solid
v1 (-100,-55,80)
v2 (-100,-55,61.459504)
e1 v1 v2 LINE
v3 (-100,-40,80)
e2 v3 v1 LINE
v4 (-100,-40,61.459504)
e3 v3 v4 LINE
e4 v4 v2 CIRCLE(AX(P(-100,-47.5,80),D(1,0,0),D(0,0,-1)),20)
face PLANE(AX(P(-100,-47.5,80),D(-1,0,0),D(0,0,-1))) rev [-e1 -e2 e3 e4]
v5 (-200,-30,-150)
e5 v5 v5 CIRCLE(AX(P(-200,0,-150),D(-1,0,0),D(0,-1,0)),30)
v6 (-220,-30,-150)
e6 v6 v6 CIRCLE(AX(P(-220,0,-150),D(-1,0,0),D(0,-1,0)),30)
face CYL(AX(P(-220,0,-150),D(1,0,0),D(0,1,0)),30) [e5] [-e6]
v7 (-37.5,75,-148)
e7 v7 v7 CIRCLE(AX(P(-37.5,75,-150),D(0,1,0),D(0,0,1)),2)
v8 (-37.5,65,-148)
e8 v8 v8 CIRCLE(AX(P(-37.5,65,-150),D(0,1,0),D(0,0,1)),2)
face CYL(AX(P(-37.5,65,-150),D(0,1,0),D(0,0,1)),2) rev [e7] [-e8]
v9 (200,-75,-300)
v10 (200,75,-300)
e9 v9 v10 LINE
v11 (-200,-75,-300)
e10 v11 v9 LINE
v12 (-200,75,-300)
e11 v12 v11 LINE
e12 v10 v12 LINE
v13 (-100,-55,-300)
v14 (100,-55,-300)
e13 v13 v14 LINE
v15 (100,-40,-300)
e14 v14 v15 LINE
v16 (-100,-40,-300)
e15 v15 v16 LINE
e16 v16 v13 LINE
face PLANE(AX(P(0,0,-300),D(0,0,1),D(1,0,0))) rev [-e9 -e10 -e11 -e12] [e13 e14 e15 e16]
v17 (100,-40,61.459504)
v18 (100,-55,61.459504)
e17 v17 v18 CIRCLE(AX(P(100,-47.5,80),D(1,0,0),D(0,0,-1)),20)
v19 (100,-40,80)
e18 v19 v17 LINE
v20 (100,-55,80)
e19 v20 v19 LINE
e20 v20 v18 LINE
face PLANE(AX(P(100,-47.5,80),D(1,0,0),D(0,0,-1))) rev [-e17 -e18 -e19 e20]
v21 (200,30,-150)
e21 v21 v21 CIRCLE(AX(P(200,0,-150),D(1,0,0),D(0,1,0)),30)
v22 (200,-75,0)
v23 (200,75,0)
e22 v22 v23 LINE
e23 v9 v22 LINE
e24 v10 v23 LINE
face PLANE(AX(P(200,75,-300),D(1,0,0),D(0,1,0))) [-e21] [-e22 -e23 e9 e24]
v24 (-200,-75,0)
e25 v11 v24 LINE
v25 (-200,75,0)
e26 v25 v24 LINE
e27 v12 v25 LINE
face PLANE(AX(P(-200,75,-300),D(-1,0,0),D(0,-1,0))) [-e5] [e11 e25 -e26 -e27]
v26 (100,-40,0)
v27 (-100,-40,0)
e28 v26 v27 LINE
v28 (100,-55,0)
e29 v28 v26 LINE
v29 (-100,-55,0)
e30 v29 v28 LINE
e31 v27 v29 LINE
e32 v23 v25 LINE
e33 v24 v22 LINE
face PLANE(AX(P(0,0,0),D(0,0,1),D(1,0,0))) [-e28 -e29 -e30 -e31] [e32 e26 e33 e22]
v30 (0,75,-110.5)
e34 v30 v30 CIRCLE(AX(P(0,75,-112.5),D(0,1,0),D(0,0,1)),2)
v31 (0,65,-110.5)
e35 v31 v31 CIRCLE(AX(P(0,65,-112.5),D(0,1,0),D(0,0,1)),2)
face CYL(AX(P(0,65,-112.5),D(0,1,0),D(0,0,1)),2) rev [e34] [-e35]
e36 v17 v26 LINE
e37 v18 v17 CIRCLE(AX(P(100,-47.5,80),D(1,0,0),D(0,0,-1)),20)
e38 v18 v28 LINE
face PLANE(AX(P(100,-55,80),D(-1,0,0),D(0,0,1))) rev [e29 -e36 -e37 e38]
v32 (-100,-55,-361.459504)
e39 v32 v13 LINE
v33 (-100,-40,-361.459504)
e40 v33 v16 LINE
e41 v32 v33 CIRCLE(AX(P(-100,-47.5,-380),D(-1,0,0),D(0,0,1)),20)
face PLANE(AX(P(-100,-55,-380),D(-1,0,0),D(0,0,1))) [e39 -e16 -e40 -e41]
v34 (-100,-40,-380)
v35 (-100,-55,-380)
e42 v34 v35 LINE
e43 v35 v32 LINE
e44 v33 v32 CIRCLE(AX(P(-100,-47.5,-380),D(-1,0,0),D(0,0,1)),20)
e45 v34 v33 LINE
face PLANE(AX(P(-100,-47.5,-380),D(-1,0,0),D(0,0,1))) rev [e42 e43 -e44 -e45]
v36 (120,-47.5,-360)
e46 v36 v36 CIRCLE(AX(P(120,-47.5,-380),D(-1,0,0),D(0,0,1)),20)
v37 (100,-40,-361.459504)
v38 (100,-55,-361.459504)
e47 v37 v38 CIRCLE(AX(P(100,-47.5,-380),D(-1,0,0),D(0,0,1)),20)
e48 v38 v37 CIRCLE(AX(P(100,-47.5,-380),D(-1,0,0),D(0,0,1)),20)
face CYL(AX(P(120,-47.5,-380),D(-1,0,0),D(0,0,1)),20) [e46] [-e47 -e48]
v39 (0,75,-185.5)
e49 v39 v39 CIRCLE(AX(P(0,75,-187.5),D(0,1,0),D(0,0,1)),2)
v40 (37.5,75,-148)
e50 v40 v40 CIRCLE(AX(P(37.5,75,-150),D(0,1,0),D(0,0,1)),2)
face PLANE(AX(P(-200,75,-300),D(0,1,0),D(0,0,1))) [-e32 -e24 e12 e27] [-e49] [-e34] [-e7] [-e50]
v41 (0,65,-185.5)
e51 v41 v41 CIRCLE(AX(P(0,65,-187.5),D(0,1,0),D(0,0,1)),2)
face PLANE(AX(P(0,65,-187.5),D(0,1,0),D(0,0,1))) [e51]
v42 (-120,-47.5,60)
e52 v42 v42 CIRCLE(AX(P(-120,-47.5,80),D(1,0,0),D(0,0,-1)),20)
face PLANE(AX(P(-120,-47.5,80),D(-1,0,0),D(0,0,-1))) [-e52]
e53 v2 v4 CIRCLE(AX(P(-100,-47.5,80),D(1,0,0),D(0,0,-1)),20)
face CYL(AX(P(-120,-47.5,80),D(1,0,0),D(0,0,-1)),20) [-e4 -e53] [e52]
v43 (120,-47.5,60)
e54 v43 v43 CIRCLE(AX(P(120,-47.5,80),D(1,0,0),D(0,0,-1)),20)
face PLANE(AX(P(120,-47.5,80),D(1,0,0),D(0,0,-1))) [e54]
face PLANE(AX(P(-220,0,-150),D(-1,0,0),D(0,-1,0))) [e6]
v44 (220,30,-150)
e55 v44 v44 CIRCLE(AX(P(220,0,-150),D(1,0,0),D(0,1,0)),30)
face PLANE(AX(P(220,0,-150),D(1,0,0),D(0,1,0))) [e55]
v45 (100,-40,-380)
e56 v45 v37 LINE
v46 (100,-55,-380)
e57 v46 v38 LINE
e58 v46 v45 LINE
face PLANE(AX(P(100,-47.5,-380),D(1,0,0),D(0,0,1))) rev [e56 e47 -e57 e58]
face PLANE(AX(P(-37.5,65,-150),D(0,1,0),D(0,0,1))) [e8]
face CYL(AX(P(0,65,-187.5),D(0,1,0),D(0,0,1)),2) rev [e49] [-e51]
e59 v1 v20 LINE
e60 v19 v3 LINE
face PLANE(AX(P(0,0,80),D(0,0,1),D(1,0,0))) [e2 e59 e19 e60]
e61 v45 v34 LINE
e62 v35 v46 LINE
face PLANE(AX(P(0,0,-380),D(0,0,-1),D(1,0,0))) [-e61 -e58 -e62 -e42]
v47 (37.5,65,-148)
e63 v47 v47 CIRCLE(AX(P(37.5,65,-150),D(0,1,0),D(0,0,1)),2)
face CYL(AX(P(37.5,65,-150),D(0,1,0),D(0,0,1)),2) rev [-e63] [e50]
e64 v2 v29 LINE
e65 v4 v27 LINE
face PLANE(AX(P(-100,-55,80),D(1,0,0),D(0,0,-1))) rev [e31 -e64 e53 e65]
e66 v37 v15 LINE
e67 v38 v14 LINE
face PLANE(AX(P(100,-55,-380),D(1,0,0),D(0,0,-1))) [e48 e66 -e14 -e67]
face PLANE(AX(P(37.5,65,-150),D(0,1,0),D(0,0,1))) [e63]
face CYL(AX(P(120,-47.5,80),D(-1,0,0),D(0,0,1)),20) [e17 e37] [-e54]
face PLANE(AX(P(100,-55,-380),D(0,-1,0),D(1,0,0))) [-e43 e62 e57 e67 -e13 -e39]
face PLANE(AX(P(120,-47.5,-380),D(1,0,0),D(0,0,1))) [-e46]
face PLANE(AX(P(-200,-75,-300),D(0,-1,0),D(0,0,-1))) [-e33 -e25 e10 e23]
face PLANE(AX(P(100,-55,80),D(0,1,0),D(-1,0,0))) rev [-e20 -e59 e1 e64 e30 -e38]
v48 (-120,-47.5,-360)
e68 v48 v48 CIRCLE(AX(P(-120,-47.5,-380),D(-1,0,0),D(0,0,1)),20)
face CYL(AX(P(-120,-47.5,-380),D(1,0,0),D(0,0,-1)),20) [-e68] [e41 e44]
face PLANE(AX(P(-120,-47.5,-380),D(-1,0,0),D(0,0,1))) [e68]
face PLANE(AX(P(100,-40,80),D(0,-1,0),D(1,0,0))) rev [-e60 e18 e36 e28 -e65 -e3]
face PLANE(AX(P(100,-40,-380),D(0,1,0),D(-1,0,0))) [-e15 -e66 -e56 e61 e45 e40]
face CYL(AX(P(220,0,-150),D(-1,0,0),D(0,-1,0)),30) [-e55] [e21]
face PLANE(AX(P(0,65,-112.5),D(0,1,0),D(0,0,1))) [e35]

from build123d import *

# Parameters (mm, degrees)
SKETCH_1_W               = 400
SKETCH_1_H               = 150
EXTRUDE_1_DEPTH          = 300
SKETCH_2_R               = 30
EXTRUDE_2_DEPTH          = 20
SKETCH_8_W               = 200
SKETCH_8_H               = 15
EXTRUDE_6_DEPTH          = 80
SKETCH_9_R               = 20
EXTRUDE_7_DEPTH          = 20
MIRROR_4_COPY_1_SKETCH_R = 20
MIRROR_4_COPY_1_DEPTH    = 20
SKETCH_10_R              = 2
CUT_EXTRUDE_1_DEPTH      = 10
EXTRUDE_START            = 20
SKETCH_6_R               = 30
EXTRUDE_8_DEPTH          = 20


with BuildPart() as part:
    # 草图1 → 凸台-拉伸1 (new body)
    with BuildSketch(Plane.XY):
        Rectangle(SKETCH_1_W, SKETCH_1_H)
    extrude(amount=-EXTRUDE_1_DEPTH)

    # 草图2 → 凸台-拉伸2 (add)
    with BuildSketch(Plane(origin=(200, 0, 0), x_dir=(0, 0, -1), z_dir=(1, 0, 0))):
        with Locations(Location((150, 0, 0), (0, 0, 90))):
            Circle(SKETCH_2_R)
    extrude(amount=EXTRUDE_2_DEPTH)

    # 草图8 → 凸台-拉伸6 (add)
    with BuildSketch(Plane.XY):
        with Locations((0, -47.5)):
            Rectangle(SKETCH_8_W, SKETCH_8_H)
    extrude_6 = extrude(amount=EXTRUDE_6_DEPTH)

    # 镜向2: 凸台-拉伸6 across plane
    add(extrude_6.mirror(Plane.XY.offset(-150)))

    # 草图9 → 凸台-拉伸7 (add)
    with BuildSketch(Plane(origin=(100, 0, 0), x_dir=(0, 0, -1), z_dir=(1, 0, 0))):
        with Locations(Location((-80, -47.5, 0), (0, 0, 337.975687163))):
            Circle(SKETCH_9_R)
    extrude_7 = extrude(amount=EXTRUDE_7_DEPTH)

    # 镜向3: 凸台-拉伸7 across plane
    add(extrude_7.mirror(Plane.XY.offset(-150)))

    # 镜向4: 凸台-拉伸7 across plane
    add(extrude_7.mirror(Plane(origin=(0, 0, 0), x_dir=(0, 0, 1), z_dir=(1, 0, 0))))

    # 镜向4 copy 1 sketch → 镜向4 copy 1 (add)
    with BuildSketch(Plane(origin=(-100, 0, -300), x_dir=(0, 0, 1), z_dir=(-1, 0, 0))):
        with Locations(Location((-80, -47.5, 0), (0, 0, 337.975687163))):
            Circle(MIRROR_4_COPY_1_SKETCH_R)
    extrude(amount=MIRROR_4_COPY_1_DEPTH)

    # 草图10 → 切除-拉伸1 (cut)
    with BuildSketch(Plane(origin=(0, 75, 0), x_dir=(1, 0, 0), z_dir=(0, 1, 0))):
        with Locations(Location((0, 187.5, 0), (0, 0, 270))):
            Circle(SKETCH_10_R)
        with Locations(Location((37.5, 150, 0), (0, 0, 270))):
            Circle(SKETCH_10_R)
        with Locations(Location((0, 112.5, 0), (0, 0, 270))):
            Circle(SKETCH_10_R)
        with Locations(Location((-37.5, 150, 0), (0, 0, 270))):
            Circle(SKETCH_10_R)
    extrude(amount=-CUT_EXTRUDE_1_DEPTH, mode=Mode.SUBTRACT)

    # 草图6 → 凸台-拉伸8 (add)
    with BuildSketch(Plane.ZY.offset(200).offset(EXTRUDE_START)):
        with Locations(Location((-150, 0, 0), (0, 0, 90))):
            Circle(SKETCH_6_R)
    extrude(amount=-EXTRUDE_8_DEPTH)


solid = part.part
